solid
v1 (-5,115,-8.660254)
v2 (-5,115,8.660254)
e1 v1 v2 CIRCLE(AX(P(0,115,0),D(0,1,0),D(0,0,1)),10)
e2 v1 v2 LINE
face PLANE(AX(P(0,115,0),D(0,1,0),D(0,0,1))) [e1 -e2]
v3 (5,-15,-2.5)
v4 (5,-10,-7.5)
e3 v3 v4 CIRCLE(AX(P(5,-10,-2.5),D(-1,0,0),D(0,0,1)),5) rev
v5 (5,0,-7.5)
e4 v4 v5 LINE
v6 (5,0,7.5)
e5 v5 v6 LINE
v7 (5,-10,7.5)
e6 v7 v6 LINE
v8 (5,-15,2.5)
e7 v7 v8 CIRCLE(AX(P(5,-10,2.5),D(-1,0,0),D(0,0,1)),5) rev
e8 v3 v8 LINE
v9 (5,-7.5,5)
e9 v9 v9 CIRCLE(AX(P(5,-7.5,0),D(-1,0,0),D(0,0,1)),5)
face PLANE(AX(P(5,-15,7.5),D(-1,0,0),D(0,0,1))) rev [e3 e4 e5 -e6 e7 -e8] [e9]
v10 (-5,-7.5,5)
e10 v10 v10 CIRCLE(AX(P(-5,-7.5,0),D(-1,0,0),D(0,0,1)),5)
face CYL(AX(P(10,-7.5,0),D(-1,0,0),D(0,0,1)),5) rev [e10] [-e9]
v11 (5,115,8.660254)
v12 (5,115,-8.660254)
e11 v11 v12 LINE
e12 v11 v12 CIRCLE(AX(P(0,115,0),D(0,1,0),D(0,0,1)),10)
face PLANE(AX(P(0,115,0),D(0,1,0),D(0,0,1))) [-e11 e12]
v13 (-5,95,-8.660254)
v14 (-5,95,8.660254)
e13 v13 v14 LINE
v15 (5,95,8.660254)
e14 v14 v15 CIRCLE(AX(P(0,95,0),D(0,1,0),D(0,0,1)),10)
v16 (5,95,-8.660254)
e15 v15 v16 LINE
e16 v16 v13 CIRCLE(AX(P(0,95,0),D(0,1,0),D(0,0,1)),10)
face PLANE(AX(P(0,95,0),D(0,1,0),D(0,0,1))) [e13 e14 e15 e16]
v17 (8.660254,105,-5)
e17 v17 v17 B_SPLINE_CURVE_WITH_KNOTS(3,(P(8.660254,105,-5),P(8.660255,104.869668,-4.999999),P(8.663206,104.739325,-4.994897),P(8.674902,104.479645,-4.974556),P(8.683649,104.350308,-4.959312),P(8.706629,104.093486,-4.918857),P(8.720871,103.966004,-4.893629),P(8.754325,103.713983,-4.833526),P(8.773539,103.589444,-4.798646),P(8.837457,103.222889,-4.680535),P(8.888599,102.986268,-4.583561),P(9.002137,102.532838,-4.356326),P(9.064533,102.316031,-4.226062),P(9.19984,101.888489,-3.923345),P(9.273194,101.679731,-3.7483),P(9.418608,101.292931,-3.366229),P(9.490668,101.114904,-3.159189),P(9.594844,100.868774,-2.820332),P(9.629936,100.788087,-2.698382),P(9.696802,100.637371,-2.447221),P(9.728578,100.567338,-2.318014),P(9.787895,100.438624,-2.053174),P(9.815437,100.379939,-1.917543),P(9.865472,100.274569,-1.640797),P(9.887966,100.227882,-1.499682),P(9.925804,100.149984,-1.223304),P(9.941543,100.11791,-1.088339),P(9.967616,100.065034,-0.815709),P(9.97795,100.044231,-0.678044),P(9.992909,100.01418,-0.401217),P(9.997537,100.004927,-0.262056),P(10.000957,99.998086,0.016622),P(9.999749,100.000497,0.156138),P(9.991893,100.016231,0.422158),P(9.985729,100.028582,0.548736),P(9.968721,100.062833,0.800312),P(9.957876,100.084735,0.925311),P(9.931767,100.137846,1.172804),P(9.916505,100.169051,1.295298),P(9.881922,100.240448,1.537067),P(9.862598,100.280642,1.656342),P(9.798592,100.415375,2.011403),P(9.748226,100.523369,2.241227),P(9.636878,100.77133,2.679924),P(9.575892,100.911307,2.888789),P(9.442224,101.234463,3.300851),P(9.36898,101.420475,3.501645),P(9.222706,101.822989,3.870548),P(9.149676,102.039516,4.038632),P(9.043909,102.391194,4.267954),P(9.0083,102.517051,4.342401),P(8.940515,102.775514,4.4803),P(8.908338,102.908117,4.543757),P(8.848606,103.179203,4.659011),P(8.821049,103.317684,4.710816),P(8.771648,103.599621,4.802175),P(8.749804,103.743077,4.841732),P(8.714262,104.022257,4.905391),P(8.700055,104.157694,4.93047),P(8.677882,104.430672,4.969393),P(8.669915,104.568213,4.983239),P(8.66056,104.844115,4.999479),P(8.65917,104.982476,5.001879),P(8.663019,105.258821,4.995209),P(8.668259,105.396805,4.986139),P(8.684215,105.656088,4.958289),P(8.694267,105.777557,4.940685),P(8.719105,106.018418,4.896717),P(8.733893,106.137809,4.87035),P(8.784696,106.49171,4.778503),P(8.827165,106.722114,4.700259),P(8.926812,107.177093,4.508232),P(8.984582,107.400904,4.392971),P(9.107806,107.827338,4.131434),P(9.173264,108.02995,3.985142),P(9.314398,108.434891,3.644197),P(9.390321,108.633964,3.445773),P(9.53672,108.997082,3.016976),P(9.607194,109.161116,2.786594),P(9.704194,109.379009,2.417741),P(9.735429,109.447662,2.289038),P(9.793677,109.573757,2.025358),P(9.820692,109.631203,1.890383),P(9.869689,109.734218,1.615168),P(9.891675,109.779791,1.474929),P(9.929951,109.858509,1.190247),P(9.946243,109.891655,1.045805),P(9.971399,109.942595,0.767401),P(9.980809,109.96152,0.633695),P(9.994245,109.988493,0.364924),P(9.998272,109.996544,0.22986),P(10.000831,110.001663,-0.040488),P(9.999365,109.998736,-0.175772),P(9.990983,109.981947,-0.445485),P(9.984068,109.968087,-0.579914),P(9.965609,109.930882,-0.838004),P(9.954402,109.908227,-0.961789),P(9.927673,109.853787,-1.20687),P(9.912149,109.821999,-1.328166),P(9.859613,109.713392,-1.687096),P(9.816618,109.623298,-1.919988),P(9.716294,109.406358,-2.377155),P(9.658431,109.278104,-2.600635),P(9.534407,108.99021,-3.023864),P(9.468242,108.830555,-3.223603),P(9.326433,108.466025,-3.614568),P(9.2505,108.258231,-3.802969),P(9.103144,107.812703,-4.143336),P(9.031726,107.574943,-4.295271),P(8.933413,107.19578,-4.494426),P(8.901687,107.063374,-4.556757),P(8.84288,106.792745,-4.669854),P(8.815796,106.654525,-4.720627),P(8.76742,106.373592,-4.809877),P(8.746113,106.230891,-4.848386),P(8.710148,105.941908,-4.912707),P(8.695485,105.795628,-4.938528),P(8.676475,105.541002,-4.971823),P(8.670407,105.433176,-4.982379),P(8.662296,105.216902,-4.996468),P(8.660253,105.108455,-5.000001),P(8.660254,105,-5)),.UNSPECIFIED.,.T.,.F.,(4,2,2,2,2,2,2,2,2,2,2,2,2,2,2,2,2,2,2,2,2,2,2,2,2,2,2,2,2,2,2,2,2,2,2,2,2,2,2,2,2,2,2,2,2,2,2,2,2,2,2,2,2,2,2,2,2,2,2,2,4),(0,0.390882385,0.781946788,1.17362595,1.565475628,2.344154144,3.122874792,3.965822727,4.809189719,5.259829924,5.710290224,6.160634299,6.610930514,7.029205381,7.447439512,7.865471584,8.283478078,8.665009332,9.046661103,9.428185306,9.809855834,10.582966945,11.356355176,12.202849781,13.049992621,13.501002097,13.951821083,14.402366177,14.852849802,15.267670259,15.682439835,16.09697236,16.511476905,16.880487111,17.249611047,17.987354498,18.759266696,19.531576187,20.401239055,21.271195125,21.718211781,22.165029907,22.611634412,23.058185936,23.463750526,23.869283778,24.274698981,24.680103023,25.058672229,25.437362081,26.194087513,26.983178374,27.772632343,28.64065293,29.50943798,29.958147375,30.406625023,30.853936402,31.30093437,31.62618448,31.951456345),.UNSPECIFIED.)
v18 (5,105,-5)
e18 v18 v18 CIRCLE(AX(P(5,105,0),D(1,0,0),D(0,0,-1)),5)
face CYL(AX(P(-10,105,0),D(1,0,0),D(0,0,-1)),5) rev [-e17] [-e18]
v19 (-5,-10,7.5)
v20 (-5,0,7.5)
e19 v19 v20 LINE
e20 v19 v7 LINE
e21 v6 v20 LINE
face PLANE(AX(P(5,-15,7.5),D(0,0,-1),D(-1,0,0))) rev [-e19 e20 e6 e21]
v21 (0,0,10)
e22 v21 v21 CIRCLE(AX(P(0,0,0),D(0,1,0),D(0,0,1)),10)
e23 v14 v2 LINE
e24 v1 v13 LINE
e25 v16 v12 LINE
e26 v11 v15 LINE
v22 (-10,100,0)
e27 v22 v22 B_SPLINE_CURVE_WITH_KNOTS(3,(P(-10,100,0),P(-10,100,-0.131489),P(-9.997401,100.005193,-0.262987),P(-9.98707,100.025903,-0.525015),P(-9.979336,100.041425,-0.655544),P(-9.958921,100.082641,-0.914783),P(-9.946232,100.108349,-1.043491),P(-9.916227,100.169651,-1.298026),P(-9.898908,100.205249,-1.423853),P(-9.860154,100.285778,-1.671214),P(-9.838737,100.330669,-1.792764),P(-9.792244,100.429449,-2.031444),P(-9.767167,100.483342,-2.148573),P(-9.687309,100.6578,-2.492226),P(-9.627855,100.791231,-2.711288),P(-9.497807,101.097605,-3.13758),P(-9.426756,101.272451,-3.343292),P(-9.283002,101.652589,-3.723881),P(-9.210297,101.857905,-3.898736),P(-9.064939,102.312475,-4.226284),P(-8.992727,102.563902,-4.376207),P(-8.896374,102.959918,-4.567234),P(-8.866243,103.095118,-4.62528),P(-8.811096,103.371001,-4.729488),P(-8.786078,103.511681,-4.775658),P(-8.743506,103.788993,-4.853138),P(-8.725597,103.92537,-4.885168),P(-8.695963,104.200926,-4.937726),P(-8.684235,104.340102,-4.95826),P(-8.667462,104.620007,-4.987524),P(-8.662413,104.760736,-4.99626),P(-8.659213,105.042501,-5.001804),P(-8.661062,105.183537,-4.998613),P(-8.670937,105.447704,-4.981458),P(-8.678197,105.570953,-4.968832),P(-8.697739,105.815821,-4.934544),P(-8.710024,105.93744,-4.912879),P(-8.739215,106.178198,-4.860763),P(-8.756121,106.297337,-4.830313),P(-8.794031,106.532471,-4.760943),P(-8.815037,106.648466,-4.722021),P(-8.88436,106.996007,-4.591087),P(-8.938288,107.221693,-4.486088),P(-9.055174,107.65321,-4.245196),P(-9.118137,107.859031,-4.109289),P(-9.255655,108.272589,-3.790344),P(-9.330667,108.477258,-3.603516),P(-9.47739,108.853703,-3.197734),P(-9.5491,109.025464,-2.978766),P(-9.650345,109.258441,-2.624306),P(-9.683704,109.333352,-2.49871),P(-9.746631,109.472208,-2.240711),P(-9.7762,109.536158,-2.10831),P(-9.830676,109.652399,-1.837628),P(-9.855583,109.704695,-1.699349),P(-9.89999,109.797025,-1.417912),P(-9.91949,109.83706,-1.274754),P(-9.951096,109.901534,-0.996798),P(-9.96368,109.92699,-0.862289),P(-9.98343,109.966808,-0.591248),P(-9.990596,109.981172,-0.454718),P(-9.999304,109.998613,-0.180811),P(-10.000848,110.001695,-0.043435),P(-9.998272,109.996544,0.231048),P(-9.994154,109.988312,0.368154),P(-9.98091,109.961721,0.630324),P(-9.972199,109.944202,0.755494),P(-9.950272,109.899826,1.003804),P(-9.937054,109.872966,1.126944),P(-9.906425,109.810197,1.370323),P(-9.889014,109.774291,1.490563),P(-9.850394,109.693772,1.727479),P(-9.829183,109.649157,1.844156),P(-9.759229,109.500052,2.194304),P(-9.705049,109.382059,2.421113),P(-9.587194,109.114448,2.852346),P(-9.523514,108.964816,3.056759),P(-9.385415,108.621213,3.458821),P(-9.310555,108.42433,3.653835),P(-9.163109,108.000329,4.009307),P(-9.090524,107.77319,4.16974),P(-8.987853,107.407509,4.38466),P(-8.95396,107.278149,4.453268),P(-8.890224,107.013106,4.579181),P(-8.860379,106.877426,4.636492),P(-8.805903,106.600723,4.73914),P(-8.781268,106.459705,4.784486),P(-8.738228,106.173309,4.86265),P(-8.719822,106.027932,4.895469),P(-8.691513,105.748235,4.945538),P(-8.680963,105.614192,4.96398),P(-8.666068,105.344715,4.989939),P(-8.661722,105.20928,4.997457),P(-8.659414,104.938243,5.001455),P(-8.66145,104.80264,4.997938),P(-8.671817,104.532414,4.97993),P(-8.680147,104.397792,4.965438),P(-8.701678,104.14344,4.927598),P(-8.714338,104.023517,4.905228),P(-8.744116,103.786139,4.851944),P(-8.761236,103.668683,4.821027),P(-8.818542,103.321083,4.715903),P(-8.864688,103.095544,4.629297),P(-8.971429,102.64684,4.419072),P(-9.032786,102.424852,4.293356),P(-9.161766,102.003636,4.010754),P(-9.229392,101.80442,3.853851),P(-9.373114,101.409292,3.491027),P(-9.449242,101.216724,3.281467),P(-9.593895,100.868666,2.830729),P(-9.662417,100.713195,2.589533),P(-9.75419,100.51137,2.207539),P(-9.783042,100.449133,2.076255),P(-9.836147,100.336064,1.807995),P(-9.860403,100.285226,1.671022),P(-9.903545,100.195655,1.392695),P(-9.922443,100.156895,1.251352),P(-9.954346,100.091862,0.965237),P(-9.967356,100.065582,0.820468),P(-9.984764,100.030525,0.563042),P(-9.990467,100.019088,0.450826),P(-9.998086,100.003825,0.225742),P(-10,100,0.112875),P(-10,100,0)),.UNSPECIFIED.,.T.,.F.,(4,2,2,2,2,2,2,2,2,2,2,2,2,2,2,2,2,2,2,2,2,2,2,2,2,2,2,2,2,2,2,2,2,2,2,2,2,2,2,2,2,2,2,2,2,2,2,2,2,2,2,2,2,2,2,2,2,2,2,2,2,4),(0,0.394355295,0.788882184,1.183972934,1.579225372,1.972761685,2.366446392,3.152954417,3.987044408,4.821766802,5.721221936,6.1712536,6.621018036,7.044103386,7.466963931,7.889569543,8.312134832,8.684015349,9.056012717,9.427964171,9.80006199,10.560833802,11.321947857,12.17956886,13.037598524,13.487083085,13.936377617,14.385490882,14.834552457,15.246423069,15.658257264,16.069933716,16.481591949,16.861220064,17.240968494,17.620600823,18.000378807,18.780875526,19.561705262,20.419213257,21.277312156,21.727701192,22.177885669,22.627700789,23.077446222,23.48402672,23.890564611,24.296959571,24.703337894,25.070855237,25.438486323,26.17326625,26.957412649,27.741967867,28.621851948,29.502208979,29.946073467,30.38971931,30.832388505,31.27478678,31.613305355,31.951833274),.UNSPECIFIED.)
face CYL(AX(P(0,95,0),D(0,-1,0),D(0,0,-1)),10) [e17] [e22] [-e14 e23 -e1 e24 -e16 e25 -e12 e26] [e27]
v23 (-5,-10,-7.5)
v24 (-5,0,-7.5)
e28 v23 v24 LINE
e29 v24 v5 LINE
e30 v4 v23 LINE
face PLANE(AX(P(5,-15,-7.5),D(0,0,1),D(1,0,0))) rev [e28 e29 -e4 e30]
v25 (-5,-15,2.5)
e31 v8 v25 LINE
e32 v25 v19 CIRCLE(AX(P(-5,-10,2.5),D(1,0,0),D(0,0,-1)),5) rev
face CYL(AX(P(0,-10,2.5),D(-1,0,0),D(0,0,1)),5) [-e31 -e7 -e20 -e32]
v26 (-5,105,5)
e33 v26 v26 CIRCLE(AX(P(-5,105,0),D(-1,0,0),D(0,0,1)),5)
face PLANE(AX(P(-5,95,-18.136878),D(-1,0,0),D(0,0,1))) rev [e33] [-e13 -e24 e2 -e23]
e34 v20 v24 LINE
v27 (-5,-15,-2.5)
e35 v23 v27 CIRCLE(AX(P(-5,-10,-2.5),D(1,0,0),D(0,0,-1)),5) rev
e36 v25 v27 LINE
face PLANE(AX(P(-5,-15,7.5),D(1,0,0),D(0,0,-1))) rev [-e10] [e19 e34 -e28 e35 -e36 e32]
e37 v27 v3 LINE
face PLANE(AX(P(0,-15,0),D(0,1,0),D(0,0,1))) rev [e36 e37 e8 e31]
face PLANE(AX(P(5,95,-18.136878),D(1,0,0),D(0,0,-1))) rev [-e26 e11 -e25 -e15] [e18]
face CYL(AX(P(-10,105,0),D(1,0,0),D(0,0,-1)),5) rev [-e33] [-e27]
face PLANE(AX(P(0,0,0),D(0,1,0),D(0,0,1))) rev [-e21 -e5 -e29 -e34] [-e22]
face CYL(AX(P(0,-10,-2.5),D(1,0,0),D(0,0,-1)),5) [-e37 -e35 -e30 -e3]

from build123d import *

# Parameters (mm, degrees)
SKETCH1_R               = 10
BOSS_EXTRUDE1_DEPTH     = 95
SKETCH4_W               = 10
SKETCH4_H               = 15
BOSS_EXTRUDE3_DEPTH     = 15
SKETCH5_R               = 5
CUT_EXTRUDE2_DEPTH      = 15
FILLET1_R               = 5
SKETCH9_R               = 10
BOSS_EXTRUDE4_DEPTH     = 20
SKETCH10_W              = 10
SKETCH10_H              = 36.273756528
CUT_EXTRUDE4_DEPTH      = 20
SKETCH12_R              = 5
CUT_EXTRUDE5_DEPTH      = 11
CUT_EXTRUDE5_DEPTH_BACK = 11


with BuildPart() as part:
    # Sketch1 → Boss-Extrude1 (new body)
    with BuildSketch(Plane(origin=(0, 0, 0), x_dir=(1, 0, 0), z_dir=(0, 1, 0))):
        Circle(SKETCH1_R)
    extrude(amount=BOSS_EXTRUDE1_DEPTH)

    # Sketch4 → Boss-Extrude3 (add)
    with BuildSketch(Plane.XZ):
        Rectangle(SKETCH4_W, SKETCH4_H)
    extrude(amount=BOSS_EXTRUDE3_DEPTH)

    # Sketch5 → Cut-Extrude2 (cut)
    with BuildSketch(Plane.ZY.offset(5)):
        with Locations((0, -7.5)):
            Circle(SKETCH5_R)
    extrude(amount=-CUT_EXTRUDE2_DEPTH, mode=Mode.SUBTRACT)

    # Fillet1
    fillet1_edges = [part.edges().sort_by_distance(p)[0] for p in [
        (0, -15, -7.5),
        (0, -15, 7.5),
    ]]
    fillet(fillet1_edges, radius=FILLET1_R)

    # Sketch9 → Boss-Extrude4 (add)
    with BuildSketch(Plane(origin=(0, 95, 0), x_dir=(1, 0, 0), z_dir=(0, 1, 0))):
        Circle(SKETCH9_R)
    extrude(amount=BOSS_EXTRUDE4_DEPTH)

    # Sketch10 → Cut-Extrude4 (cut)
    with BuildSketch(Plane(origin=(0, 115, 0), x_dir=(1, 0, 0), z_dir=(0, 1, 0))):
        Rectangle(SKETCH10_W, SKETCH10_H)
    extrude(amount=-CUT_EXTRUDE4_DEPTH, mode=Mode.SUBTRACT)

    # Sketch12 → Cut-Extrude5 (cut, two sides)
    with BuildSketch(Plane(origin=(0, 0, 0), x_dir=(0, 0, -1), z_dir=(1, 0, 0))) as cut_extrude5_sk:
        with Locations((0, 105)):
            Circle(SKETCH12_R)
    extrude(amount=CUT_EXTRUDE5_DEPTH, mode=Mode.SUBTRACT)
    extrude(cut_extrude5_sk.sketch, amount=-CUT_EXTRUDE5_DEPTH_BACK, mode=Mode.SUBTRACT)


solid = part.part
